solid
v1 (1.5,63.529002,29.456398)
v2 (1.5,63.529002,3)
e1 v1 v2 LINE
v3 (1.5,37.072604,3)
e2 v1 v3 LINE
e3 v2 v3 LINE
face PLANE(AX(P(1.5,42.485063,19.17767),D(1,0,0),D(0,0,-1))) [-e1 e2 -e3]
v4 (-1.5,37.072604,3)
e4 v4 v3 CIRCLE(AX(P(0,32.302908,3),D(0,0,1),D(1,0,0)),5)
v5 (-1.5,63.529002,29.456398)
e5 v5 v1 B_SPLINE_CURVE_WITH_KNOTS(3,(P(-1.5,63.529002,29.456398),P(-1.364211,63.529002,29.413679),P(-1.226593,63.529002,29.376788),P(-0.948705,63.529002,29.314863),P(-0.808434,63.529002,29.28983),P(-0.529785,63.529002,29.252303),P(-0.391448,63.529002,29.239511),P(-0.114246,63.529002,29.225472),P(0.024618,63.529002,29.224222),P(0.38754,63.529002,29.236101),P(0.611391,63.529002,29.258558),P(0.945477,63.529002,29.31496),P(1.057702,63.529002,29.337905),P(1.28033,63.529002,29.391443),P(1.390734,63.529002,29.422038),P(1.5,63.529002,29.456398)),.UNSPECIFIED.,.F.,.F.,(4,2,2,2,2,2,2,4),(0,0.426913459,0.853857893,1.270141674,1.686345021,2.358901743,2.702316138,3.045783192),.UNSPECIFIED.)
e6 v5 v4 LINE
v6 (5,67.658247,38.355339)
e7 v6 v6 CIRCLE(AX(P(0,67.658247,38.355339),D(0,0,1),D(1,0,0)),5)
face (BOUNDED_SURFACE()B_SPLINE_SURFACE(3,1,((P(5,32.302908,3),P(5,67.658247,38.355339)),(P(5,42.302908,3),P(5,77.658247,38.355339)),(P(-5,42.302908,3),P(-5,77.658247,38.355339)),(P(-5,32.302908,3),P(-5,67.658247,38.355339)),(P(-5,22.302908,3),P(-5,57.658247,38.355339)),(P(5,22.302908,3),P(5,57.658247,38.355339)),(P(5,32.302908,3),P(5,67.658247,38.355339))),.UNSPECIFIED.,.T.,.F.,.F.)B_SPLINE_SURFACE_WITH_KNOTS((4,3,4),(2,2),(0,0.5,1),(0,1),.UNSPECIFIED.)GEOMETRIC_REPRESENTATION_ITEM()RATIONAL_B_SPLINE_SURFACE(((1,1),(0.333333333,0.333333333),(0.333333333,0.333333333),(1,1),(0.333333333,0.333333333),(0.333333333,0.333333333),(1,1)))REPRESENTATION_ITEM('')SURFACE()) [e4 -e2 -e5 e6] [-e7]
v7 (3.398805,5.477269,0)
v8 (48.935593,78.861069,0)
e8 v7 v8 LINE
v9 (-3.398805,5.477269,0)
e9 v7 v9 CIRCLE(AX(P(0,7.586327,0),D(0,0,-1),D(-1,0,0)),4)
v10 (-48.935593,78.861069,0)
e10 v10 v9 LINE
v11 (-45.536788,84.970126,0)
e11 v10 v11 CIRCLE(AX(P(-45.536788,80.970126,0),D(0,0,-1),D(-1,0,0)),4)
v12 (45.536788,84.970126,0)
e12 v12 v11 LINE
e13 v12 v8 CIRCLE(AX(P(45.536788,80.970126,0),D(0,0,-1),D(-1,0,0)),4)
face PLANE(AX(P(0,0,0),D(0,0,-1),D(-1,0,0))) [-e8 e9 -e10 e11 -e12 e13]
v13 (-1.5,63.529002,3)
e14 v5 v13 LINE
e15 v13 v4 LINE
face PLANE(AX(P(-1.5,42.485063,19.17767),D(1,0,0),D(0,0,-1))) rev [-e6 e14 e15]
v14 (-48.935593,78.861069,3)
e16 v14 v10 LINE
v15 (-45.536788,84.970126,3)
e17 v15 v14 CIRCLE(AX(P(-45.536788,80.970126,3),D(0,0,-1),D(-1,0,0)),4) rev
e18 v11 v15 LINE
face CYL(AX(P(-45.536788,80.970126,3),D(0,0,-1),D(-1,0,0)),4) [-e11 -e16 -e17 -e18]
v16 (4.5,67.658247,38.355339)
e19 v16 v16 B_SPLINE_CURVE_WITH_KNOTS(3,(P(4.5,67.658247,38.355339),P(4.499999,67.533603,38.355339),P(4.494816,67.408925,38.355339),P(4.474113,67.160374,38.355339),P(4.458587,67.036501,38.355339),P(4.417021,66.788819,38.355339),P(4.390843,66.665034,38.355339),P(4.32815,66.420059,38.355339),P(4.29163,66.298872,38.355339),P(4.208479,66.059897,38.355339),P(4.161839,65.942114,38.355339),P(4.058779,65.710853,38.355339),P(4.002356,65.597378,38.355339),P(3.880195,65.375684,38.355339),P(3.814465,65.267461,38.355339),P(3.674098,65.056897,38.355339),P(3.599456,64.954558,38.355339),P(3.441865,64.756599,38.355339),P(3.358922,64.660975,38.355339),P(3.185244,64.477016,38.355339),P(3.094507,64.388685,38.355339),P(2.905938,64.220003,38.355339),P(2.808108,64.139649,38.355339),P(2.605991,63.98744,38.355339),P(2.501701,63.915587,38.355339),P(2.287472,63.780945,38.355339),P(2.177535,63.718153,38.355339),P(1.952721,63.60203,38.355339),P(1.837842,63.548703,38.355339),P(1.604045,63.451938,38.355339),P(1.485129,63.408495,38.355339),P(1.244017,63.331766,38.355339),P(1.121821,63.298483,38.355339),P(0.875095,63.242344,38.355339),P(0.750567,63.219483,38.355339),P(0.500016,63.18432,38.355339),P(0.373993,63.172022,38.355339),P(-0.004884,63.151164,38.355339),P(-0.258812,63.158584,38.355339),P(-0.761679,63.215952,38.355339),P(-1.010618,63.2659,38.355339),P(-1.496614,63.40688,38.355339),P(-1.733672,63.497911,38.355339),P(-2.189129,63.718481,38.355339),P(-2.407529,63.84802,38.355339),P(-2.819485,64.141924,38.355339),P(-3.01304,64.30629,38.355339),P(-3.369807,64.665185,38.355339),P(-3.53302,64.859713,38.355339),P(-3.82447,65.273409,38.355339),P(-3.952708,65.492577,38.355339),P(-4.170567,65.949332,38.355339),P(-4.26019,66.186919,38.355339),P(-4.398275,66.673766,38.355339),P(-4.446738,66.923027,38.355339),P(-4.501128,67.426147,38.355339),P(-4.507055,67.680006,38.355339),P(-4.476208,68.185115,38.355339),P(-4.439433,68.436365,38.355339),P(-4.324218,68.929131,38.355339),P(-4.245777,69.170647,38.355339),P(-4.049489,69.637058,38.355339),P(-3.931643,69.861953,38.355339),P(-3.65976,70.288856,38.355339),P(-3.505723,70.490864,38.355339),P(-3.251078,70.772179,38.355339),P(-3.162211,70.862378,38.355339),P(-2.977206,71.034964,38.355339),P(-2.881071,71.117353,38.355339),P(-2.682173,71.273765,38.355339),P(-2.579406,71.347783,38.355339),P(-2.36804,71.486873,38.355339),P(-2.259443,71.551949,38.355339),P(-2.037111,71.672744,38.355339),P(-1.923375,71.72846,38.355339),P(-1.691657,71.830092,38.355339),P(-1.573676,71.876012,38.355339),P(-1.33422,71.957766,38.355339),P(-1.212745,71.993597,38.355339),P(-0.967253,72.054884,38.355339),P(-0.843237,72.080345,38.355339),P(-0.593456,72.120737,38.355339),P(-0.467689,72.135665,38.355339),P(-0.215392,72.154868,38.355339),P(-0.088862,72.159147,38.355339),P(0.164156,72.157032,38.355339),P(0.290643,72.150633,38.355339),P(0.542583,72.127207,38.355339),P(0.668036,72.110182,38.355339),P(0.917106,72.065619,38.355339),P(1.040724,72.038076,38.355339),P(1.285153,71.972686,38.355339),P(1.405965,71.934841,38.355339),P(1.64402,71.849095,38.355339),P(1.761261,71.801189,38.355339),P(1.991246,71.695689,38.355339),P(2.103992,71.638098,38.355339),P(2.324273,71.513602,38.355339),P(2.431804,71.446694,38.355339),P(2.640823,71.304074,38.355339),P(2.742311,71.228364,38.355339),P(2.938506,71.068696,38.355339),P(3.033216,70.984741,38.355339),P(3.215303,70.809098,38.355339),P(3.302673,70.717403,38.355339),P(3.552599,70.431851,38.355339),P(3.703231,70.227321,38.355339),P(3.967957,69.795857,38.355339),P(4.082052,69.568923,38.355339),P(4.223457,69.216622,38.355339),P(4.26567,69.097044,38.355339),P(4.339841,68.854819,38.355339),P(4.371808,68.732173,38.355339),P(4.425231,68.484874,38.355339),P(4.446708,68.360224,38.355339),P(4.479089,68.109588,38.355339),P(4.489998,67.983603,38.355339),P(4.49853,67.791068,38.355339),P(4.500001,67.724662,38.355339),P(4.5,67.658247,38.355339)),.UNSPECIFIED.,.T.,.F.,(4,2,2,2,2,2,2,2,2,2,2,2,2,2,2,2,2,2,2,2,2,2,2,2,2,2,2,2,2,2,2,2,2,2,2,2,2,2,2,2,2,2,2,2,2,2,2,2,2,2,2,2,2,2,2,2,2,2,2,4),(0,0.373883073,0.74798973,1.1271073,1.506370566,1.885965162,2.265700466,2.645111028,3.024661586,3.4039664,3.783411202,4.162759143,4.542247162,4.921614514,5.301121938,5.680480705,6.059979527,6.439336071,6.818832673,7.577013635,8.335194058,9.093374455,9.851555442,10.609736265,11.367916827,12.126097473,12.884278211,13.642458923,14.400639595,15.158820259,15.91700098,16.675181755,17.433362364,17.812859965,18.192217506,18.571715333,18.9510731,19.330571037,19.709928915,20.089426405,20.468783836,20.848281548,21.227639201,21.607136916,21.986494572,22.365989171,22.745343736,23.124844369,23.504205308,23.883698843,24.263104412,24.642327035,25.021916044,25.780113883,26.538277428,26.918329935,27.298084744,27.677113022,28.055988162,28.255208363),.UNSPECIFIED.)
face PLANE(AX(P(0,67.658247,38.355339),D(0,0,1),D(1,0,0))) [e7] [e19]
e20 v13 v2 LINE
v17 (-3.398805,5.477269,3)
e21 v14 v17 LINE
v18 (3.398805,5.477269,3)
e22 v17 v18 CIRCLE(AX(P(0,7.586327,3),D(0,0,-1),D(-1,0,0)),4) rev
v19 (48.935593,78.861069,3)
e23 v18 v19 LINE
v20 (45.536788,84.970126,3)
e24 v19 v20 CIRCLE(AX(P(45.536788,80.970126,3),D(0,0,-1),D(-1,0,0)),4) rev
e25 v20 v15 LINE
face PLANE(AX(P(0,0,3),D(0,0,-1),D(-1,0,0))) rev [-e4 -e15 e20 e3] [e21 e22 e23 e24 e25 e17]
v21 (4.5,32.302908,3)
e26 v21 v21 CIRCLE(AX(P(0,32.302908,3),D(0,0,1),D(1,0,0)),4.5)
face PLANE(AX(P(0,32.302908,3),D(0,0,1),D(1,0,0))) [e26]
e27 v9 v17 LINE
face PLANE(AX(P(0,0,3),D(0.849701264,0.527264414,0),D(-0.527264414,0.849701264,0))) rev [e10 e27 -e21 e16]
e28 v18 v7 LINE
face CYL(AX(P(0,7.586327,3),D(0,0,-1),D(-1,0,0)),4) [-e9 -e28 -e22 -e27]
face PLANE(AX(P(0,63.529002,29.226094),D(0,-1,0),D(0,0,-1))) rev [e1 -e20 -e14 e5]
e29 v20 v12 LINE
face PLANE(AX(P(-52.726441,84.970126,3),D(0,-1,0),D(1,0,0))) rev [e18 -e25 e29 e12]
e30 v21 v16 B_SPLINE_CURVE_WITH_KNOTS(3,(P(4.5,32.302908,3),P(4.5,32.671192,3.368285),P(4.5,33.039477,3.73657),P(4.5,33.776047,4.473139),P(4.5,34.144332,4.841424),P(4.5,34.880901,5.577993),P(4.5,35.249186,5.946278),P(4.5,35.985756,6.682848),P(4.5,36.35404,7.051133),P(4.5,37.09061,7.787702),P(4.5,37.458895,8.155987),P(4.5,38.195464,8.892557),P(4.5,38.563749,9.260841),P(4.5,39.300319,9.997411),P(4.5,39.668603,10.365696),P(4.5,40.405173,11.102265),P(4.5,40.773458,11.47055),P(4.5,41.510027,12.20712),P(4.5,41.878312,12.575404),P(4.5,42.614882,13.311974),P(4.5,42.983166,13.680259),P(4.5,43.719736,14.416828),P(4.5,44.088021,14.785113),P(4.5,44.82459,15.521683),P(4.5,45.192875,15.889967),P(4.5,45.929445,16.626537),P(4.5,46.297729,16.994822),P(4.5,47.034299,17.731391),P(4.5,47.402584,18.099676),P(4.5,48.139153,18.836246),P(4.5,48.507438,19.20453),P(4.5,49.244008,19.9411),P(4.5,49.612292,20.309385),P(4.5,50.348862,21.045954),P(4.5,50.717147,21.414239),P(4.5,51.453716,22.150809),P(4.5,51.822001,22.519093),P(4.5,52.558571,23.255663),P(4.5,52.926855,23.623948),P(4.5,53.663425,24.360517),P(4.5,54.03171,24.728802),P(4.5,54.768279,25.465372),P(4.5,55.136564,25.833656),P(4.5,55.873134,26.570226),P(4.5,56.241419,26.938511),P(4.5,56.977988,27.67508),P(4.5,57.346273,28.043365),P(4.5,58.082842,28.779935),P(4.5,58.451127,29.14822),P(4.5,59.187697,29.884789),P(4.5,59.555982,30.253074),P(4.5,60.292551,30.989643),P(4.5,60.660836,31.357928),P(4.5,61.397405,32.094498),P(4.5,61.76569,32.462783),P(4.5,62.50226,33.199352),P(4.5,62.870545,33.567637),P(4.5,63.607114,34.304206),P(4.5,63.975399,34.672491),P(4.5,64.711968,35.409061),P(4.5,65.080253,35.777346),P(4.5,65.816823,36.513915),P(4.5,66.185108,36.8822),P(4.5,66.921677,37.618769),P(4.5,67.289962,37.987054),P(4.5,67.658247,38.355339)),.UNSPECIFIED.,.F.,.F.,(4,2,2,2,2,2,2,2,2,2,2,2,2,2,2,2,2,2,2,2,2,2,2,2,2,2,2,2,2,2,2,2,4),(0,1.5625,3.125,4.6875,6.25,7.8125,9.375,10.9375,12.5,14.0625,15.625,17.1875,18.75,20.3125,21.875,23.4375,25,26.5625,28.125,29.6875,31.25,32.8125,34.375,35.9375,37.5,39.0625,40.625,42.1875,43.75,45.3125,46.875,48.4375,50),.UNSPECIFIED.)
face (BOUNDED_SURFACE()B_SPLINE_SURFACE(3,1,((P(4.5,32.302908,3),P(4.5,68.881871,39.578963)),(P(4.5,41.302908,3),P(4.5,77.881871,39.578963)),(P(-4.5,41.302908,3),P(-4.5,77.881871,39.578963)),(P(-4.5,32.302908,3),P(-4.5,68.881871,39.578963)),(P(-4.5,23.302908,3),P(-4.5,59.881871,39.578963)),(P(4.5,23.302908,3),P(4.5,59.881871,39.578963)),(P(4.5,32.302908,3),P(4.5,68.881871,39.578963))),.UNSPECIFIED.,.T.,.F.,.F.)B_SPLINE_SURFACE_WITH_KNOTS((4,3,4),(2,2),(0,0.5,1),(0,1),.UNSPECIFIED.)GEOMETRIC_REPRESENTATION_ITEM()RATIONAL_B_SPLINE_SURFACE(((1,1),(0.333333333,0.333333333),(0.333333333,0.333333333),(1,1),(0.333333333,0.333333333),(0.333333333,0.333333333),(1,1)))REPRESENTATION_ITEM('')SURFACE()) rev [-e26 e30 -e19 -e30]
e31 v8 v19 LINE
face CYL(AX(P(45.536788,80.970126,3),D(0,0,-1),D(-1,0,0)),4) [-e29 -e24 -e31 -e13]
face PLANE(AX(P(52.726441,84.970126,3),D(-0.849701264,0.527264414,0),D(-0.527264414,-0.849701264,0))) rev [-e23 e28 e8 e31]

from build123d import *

# Parameters (mm, degrees)
BOSS_EXTRU_1_DEPTH = 3
ESQUISSE5_R        = 5
ESQUISSE7_R        = 4.5
NERVURE4_REACH     = 109.103
ESQUISSE10_WALL_W  = 242.432835572
ESQUISSE10_WALL_H  = 3
CONG_1_R           = 4


with BuildPart() as part:
    # Esquisse1 → Boss.-Extru.1 (new body)
    with BuildSketch(Plane.XY):
        Polygon((0, 0), (-52.726441393, 84.970126386), (52.726441393, 84.970126386), align=None)
    extrude(amount=BOSS_EXTRU_1_DEPTH)

    # Balayage1: sweep along a path in Esquisse6
    with BuildLine(Plane(origin=(0, 0, 0), x_dir=(0, 0, -1), z_dir=(1, 0, 0))) as balayage1_path:
        Line((-3, 32.30290769), (-38.355339059, 67.65824675))
    # Esquisse5 → Balayage1 (sweep)
    with BuildSketch(Plane.XY.offset(3)):
        with Locations((0, 32.30290769)):
            Circle(ESQUISSE5_R)
    sweep(path=balayage1_path.line)

    # Enlèvement de matière-Balayage1: sweep along a path in Esquisse6<2>
    with BuildLine(Plane(origin=(0, 0, 0), x_dir=(0, 0, -1), z_dir=(1, 0, 0))) as enl_vement_de_mati_re_balayage1_path:
        Line((-3, 32.30290769), (-38.355339059, 67.65824675))
    # Esquisse7 → Enlèvement de matière-Balayage1 (sweep, cut)
    with BuildSketch(Plane.XY.offset(3)):
        with Locations((0, 32.30290769)):
            Circle(ESQUISSE7_R)
    sweep(path=enl_vement_de_mati_re_balayage1_path.line, mode=Mode.SUBTRACT)

    # Esquisse10 wall → Nervure4 (add, up to next)
    with BuildSketch(Plane(origin=(0, 63.529001685, 16.113046997), x_dir=(0, 0, -1), z_dir=(0, 1, 0)), mode=Mode.PRIVATE) as nervure4_sk1:
        Rectangle(ESQUISSE10_WALL_W, ESQUISSE10_WALL_H)
    nervure4_tool1 = extrude(nervure4_sk1.sketch, amount=-NERVURE4_REACH, mode=Mode.PRIVATE) - part.part
    add(nervure4_tool1.solids().sort_by_distance((0, 63.529001685, 16.113046997))[0])

    # Congé1
    cong_1_edges = [part.edges().sort_by_distance(p)[0] for p in [
        (0, 0, 1.5),
        (-52.726441393, 84.970126386, 1.5),
        (52.726441393, 84.970126386, 1.5),
    ]]
    fillet(cong_1_edges, radius=CONG_1_R)


solid = part.part
